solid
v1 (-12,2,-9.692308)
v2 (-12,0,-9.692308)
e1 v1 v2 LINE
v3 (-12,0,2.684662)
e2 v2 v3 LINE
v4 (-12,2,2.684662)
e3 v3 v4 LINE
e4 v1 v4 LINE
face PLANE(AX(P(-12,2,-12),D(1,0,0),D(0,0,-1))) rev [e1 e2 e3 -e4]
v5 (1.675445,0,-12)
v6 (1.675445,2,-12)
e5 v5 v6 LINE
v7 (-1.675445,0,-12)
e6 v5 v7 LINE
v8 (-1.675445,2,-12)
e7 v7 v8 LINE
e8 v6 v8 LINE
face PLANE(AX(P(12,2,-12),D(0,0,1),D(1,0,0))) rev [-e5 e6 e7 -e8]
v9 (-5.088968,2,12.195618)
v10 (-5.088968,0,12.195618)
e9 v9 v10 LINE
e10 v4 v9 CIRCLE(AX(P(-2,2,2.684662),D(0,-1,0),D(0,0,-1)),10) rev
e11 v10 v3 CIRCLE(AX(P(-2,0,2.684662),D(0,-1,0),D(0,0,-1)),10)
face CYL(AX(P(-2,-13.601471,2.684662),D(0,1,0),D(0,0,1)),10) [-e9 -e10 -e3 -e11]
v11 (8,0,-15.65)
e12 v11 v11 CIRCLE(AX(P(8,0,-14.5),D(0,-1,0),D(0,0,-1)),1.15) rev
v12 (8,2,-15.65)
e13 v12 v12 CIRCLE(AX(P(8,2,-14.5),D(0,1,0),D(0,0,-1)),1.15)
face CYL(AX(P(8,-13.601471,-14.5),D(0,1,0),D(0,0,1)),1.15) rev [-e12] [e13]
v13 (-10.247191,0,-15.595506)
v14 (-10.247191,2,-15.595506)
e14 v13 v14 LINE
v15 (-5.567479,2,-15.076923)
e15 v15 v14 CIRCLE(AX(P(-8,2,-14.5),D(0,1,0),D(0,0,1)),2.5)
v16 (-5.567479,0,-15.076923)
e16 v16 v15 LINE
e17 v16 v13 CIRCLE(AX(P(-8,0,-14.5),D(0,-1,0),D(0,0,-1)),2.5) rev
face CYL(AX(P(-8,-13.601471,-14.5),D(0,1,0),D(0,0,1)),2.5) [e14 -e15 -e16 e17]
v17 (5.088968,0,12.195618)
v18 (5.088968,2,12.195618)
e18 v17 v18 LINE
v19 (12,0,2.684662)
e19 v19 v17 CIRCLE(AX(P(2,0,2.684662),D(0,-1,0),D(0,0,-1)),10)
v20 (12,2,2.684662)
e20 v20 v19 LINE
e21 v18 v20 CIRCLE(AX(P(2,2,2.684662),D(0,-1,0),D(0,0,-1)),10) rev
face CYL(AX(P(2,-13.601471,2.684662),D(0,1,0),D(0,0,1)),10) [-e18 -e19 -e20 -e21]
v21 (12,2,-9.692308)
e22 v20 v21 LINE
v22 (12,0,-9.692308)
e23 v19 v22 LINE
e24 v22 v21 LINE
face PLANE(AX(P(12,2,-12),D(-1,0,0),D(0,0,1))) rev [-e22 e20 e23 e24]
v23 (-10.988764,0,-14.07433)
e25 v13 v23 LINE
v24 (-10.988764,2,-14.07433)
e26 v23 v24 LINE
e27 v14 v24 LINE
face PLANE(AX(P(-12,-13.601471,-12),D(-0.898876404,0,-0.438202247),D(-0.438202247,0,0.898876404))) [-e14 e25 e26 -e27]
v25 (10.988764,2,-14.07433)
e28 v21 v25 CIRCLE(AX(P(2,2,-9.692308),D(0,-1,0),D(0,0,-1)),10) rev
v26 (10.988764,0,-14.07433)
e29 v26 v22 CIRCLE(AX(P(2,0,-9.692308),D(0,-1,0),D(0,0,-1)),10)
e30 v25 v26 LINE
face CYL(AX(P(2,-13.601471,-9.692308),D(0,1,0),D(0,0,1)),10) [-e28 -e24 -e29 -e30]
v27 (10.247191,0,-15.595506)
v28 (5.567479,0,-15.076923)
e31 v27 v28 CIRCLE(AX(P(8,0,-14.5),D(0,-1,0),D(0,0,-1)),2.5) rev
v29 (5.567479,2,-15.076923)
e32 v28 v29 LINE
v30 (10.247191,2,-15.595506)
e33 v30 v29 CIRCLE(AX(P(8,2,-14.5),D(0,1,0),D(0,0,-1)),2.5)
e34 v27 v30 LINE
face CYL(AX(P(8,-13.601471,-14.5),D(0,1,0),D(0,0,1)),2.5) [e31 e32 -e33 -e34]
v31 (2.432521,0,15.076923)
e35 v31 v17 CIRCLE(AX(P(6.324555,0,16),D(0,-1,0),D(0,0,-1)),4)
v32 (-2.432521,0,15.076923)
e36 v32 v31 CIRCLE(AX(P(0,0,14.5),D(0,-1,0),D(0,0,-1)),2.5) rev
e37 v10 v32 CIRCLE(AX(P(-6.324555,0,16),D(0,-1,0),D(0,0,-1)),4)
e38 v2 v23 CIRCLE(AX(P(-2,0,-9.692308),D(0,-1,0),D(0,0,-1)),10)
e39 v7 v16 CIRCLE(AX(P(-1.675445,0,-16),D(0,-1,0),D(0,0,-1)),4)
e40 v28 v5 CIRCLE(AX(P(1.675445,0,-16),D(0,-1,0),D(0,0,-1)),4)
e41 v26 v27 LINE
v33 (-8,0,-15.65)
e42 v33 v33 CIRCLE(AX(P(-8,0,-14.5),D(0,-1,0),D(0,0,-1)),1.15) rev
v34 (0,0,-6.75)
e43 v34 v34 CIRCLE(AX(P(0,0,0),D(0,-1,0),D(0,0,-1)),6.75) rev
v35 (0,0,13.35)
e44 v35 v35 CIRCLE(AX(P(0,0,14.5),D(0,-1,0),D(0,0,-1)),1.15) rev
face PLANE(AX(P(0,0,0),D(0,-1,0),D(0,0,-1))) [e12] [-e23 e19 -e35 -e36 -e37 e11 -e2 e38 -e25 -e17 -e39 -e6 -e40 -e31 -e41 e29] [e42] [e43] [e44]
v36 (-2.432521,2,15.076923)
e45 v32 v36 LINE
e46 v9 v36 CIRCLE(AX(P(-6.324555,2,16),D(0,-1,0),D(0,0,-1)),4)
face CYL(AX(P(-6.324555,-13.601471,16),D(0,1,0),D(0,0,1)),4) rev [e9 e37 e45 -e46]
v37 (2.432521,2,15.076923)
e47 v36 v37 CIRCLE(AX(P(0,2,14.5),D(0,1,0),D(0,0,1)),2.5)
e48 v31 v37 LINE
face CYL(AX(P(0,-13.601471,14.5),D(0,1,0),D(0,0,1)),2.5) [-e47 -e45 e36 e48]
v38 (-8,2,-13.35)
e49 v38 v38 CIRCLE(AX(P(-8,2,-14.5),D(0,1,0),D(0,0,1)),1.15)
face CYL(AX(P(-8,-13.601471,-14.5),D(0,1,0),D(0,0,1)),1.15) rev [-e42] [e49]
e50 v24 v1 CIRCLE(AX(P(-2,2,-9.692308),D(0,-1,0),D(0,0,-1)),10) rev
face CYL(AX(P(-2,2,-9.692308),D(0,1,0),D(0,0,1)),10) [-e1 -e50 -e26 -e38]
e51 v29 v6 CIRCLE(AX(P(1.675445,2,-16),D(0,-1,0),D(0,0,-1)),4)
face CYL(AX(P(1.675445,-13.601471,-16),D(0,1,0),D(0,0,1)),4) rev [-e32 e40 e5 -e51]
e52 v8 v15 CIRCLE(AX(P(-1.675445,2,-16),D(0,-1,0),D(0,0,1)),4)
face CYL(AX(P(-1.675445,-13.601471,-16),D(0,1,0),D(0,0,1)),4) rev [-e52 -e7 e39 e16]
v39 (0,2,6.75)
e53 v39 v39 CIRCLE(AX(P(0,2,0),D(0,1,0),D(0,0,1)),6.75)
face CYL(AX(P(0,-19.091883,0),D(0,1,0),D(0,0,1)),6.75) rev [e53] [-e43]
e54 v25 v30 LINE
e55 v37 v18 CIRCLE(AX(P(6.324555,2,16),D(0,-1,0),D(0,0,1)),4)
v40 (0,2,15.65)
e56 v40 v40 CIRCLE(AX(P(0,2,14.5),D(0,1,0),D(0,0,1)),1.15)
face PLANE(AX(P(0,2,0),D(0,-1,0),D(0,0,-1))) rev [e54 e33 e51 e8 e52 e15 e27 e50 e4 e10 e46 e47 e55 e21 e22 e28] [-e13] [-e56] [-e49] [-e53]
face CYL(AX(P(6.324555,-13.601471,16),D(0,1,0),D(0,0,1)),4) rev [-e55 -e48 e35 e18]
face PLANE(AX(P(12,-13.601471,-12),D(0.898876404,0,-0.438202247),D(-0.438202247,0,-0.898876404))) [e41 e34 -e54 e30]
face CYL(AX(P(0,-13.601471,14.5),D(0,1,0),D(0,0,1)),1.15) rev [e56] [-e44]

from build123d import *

# Parameters (mm, degrees)
SKETCH_1_W          = 24
SKETCH_1_H          = 24
EXTRUDE_1_DEPTH     = 2
SKETCH_2_R          = 1.15
EXTRUDE_2_DEPTH     = 2
FILLET_1_R          = 10
SKETCH_3_R          = 6.75
CUT_EXTRUDE_1_DEPTH = 2
FILLET_2_R          = 10


with BuildPart() as part:
    # Эскиз1 → Бобышка-Вытянуть1 (new body)
    with BuildSketch(Plane(origin=(0, 0, 0), x_dir=(1, 0, 0), z_dir=(0, 1, 0))):
        Rectangle(SKETCH_1_W, SKETCH_1_H)
    extrude(amount=EXTRUDE_1_DEPTH)

    # Эскиз2 → Бобышка-Вытянуть2 (add)
    # profile 1 of 3: a face of its own
    with BuildSketch(Plane(origin=(0, 2, 0), x_dir=(1, 0, 0), z_dir=(0, 1, 0))):
        with BuildLine():
            Line((-6.32455532, -12), (6.32455532, -12))
            ThreePointArc((6.32455532, -12), (3.843860629, -12.862141838), (2.432521277, -15.076923077))
            ThreePointArc((2.432521277, -15.076923077), (0, -17), (-2.432521277, -15.076923077))
            ThreePointArc((-2.432521277, -15.076923077), (-3.843860629, -12.862141838), (-6.32455532, -12))
        make_face()
        with Locations(Location((0, -14.5, 0), (0, 0, 270))):
            Circle(SKETCH_2_R, mode=Mode.SUBTRACT)
    # profile 2 of 3: a face of its own
    with BuildSketch(Plane(origin=(0, 2, 0), x_dir=(1, 0, 0), z_dir=(0, 1, 0))):
        with BuildLine():
            Line((-12, 12), (-10.247191011, 15.595505618))
            ThreePointArc((-10.247191011, 15.595505618), (-7.72464788, 16.984789973), (-5.567478723, 15.076923077))
            ThreePointArc((-5.567478723, 15.076923077), (-4.156139371, 12.862141838), (-1.67544468, 12))
            Line((-1.67544468, 12), (-12, 12))
        make_face()
        with Locations(Location((-8, 14.5, 0), (0, 0, 270))):
            Circle(SKETCH_2_R, mode=Mode.SUBTRACT)
    # profile 3 of 3: a face of its own
    with BuildSketch(Plane(origin=(0, 2, 0), x_dir=(1, 0, 0), z_dir=(0, 1, 0))):
        with BuildLine():
            Line((12, 12), (1.67544468, 12))
            ThreePointArc((1.67544468, 12), (4.156139371, 12.862141838), (5.567478723, 15.076923077))
            ThreePointArc((5.567478723, 15.076923077), (7.72464788, 16.984789973), (10.247191011, 15.595505618))
            Line((10.247191011, 15.595505618), (12, 12))
        make_face()
        with Locations(Location((8, 14.5, 0), (0, 0, 90))):
            Circle(SKETCH_2_R, mode=Mode.SUBTRACT)
    extrude(amount=-EXTRUDE_2_DEPTH)

    # Скругление1
    fillet_1_edges = [part.edges().sort_by_distance(p)[0] for p in [
        (12, 1, 12),
        (-12, 1, 12),
    ]]
    fillet(fillet_1_edges, radius=FILLET_1_R)

    # Эскиз3 → Вырез-Вытянуть1 (cut)
    with BuildSketch(Plane(origin=(0, 2, 0), x_dir=(1, 0, 0), z_dir=(0, 1, 0))):
        with Locations(Location((0, 0, 0), (0, 0, 270))):
            Circle(SKETCH_3_R)
    extrude(amount=-CUT_EXTRUDE_1_DEPTH, mode=Mode.SUBTRACT)

    # Скругление2
    fillet_2_edges = [part.edges().sort_by_distance(p)[0] for p in [
        (-12, 1, -12),
        (12, 1, -12),
    ]]
    fillet(fillet_2_edges, radius=FILLET_2_R)


solid = part.part
